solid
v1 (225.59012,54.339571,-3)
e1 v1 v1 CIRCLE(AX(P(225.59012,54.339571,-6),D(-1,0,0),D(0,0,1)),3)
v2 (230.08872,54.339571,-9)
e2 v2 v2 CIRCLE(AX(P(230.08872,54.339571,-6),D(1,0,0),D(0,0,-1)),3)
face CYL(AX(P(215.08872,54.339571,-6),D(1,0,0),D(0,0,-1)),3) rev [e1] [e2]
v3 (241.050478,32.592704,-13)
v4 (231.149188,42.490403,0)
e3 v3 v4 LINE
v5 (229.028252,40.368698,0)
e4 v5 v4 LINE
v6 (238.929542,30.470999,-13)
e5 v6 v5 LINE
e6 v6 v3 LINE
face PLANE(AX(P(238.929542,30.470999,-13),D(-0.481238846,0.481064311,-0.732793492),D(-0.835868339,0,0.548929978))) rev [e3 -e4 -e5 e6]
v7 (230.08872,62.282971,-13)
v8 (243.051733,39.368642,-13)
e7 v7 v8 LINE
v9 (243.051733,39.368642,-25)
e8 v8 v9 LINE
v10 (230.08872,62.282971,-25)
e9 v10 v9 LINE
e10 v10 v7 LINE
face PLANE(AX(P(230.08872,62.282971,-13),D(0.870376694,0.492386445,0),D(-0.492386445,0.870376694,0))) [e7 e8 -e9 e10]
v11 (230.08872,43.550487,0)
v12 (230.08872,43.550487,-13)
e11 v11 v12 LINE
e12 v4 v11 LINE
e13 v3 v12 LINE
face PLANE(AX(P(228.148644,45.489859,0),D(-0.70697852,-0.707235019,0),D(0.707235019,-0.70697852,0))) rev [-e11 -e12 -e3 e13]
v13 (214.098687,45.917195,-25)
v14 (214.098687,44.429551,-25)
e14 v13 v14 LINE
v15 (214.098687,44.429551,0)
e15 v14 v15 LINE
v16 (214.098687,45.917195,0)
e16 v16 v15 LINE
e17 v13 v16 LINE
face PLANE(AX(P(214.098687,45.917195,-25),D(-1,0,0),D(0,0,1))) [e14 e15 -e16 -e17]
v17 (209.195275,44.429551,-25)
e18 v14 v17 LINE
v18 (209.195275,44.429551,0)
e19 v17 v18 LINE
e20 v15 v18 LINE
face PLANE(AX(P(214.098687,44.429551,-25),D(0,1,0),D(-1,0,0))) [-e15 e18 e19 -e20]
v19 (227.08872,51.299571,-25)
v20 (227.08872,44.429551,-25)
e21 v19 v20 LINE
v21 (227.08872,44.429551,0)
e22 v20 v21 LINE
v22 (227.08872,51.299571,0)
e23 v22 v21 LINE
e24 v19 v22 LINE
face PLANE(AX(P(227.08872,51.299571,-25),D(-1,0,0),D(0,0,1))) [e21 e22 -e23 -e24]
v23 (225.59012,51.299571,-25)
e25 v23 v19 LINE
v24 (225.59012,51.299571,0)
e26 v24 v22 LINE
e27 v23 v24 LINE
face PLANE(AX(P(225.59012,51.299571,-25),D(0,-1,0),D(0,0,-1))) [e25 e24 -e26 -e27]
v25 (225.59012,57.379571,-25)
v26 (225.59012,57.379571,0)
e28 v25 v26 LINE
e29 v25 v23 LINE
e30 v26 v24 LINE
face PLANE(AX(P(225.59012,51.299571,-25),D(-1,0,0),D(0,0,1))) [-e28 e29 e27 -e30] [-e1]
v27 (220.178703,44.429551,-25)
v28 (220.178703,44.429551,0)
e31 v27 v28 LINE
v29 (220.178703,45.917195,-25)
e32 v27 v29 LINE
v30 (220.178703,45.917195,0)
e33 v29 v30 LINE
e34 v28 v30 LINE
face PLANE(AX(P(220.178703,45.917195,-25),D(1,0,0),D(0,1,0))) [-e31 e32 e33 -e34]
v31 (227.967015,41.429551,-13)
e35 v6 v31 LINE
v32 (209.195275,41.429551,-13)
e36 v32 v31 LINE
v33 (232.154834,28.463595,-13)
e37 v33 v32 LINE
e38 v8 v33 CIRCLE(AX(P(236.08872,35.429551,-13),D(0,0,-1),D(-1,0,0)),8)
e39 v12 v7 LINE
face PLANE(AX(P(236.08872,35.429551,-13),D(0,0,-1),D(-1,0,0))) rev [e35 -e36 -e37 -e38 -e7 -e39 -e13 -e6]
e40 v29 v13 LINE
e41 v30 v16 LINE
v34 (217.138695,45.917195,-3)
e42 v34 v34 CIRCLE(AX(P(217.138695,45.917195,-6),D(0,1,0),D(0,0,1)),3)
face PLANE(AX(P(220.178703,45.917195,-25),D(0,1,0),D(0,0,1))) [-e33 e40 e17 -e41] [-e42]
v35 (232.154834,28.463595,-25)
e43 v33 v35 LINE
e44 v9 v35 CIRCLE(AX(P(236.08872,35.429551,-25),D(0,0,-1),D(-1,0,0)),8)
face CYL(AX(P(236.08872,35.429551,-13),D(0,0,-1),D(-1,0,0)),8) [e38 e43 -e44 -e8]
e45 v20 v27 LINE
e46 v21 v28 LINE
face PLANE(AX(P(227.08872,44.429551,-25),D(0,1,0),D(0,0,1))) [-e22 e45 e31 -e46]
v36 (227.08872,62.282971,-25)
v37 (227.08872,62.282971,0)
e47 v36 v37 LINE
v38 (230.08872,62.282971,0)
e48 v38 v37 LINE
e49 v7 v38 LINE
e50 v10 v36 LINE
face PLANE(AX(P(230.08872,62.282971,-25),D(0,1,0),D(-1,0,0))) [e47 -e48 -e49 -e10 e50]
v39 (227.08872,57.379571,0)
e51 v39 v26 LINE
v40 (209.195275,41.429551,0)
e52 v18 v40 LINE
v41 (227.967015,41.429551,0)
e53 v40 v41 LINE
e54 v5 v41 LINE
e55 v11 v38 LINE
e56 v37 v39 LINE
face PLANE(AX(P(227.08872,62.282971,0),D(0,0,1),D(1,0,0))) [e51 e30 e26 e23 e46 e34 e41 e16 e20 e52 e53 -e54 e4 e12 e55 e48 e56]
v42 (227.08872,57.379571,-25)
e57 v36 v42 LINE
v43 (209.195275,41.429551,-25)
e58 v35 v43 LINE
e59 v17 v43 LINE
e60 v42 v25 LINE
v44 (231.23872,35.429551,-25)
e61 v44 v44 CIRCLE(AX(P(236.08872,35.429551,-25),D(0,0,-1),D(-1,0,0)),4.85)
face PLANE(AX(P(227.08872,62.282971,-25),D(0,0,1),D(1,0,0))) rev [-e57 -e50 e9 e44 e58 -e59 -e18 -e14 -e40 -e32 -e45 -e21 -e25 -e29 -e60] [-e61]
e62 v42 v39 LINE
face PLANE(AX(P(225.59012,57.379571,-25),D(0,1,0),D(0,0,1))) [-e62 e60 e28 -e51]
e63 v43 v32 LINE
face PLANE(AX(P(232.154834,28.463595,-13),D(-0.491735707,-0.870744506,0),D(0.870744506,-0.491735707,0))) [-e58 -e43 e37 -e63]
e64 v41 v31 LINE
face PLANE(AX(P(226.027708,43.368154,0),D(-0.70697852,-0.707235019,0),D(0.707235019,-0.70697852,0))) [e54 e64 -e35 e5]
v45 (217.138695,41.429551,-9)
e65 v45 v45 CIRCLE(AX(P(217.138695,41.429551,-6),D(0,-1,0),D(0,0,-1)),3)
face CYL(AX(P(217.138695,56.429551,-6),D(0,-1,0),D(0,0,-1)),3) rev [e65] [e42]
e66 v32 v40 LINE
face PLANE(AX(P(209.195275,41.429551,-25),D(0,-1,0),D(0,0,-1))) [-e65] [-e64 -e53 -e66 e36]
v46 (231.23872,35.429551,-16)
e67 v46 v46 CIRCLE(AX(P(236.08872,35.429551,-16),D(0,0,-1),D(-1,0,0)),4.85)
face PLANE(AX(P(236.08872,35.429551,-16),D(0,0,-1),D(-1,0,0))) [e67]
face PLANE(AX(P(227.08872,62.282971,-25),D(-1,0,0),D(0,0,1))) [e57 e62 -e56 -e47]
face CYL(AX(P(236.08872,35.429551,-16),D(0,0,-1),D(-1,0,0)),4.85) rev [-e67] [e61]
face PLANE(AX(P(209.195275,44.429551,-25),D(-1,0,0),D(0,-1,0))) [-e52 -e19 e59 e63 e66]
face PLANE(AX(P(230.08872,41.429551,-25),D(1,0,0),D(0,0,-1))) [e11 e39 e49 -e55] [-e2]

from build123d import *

# Parameters (mm, degrees)
BOSS_EXTRUDE1_DEPTH = 25
SKETCH2_R           = 3
CUT_EXTRUDE1_DEPTH  = 15
SKETCH3_R           = 3
CUT_EXTRUDE2_DEPTH  = 15
BOSS_EXTRUDE2_DEPTH = 12
BOSS_EXTRUDE4_DEPTH = 1.5
SKETCH6_R           = 4.85
CUT_EXTRUDE3_DEPTH  = 9


with BuildPart() as part:
    # Sketch1 → Boss-Extrude1 (new body)
    with BuildSketch(Plane.XY):
        Polygon((227.088719843, 62.282971172), (227.088719843, 57.379571172), (225.590119843, 57.379571172), (225.590119843, 51.299571172), (227.088719843, 51.299571172), (227.088719843, 44.429550862), (220.178702595, 44.429550862), (220.178702595, 45.917195068), (214.098687419, 45.917195068), (214.098687419, 44.429550862), (209.19527518, 44.429550862), (209.19527518, 41.429550862), (230.088719843, 41.429550862), (230.088719843, 62.282971172), align=None)
    extrude(amount=-BOSS_EXTRUDE1_DEPTH)

    # Sketch2 → Cut-Extrude1 (cut)
    with BuildSketch(Plane(origin=(230.088719843, 0, 0), x_dir=(0, 0, -1), z_dir=(1, 0, 0))):
        with Locations((6, 54.339571172)):
            Circle(SKETCH2_R)
    extrude(amount=-CUT_EXTRUDE1_DEPTH, mode=Mode.SUBTRACT)

    # Sketch3 → Cut-Extrude2 (cut)
    with BuildSketch(Plane.XZ.offset(-41.429550862)):
        with Locations((217.138695007, -6)):
            Circle(SKETCH3_R)
    extrude(amount=-CUT_EXTRUDE2_DEPTH, mode=Mode.SUBTRACT)

    # Sketch4 → Boss-Extrude2 (add)
    with BuildSketch(Plane(origin=(0, 0, -25), x_dir=(-1, 0, 0), z_dir=(0, 0, -1))):
        with BuildLine():
            Line((-230.088719843, 62.282971172), (-243.051733392, 39.368642422))
            ThreePointArc((-243.051733392, 39.368642422), (-241.747687926, 29.774811236), (-232.154834185, 28.463594817))
            Line((-232.154834185, 28.463594817), (-209.19527518, 41.429550862))
            Line((-209.19527518, 41.429550862), (-230.088719843, 41.429550862))
            Line((-230.088719843, 41.429550862), (-230.088719843, 62.282971172))
        make_face()
    extrude(amount=-BOSS_EXTRUDE2_DEPTH)

    # Sketch5 → Boss-Extrude4 (add, symmetric)
    with BuildSketch(Plane(origin=(135.717402312, 135.766641949, 0), x_dir=(0.707235019, -0.70697852, 0), z_dir=(-0.70697852, -0.707235019, 0))):
        Polygon((133.436997596, -13), (147.436997596, -13), (133.436997596, 0), (129.194356979, 0), (129.194356979, -13), align=None)
    extrude(amount=BOSS_EXTRUDE4_DEPTH, both=True)

    # Sketch6 → Cut-Extrude3 (cut)
    with BuildSketch(Plane(origin=(0, 0, -25), x_dir=(-1, 0, 0), z_dir=(0, 0, -1))):
        with Locations((-236.088719843, 35.429550862)):
            Circle(SKETCH6_R)
    extrude(amount=-CUT_EXTRUDE3_DEPTH, mode=Mode.SUBTRACT)


solid = part.part
